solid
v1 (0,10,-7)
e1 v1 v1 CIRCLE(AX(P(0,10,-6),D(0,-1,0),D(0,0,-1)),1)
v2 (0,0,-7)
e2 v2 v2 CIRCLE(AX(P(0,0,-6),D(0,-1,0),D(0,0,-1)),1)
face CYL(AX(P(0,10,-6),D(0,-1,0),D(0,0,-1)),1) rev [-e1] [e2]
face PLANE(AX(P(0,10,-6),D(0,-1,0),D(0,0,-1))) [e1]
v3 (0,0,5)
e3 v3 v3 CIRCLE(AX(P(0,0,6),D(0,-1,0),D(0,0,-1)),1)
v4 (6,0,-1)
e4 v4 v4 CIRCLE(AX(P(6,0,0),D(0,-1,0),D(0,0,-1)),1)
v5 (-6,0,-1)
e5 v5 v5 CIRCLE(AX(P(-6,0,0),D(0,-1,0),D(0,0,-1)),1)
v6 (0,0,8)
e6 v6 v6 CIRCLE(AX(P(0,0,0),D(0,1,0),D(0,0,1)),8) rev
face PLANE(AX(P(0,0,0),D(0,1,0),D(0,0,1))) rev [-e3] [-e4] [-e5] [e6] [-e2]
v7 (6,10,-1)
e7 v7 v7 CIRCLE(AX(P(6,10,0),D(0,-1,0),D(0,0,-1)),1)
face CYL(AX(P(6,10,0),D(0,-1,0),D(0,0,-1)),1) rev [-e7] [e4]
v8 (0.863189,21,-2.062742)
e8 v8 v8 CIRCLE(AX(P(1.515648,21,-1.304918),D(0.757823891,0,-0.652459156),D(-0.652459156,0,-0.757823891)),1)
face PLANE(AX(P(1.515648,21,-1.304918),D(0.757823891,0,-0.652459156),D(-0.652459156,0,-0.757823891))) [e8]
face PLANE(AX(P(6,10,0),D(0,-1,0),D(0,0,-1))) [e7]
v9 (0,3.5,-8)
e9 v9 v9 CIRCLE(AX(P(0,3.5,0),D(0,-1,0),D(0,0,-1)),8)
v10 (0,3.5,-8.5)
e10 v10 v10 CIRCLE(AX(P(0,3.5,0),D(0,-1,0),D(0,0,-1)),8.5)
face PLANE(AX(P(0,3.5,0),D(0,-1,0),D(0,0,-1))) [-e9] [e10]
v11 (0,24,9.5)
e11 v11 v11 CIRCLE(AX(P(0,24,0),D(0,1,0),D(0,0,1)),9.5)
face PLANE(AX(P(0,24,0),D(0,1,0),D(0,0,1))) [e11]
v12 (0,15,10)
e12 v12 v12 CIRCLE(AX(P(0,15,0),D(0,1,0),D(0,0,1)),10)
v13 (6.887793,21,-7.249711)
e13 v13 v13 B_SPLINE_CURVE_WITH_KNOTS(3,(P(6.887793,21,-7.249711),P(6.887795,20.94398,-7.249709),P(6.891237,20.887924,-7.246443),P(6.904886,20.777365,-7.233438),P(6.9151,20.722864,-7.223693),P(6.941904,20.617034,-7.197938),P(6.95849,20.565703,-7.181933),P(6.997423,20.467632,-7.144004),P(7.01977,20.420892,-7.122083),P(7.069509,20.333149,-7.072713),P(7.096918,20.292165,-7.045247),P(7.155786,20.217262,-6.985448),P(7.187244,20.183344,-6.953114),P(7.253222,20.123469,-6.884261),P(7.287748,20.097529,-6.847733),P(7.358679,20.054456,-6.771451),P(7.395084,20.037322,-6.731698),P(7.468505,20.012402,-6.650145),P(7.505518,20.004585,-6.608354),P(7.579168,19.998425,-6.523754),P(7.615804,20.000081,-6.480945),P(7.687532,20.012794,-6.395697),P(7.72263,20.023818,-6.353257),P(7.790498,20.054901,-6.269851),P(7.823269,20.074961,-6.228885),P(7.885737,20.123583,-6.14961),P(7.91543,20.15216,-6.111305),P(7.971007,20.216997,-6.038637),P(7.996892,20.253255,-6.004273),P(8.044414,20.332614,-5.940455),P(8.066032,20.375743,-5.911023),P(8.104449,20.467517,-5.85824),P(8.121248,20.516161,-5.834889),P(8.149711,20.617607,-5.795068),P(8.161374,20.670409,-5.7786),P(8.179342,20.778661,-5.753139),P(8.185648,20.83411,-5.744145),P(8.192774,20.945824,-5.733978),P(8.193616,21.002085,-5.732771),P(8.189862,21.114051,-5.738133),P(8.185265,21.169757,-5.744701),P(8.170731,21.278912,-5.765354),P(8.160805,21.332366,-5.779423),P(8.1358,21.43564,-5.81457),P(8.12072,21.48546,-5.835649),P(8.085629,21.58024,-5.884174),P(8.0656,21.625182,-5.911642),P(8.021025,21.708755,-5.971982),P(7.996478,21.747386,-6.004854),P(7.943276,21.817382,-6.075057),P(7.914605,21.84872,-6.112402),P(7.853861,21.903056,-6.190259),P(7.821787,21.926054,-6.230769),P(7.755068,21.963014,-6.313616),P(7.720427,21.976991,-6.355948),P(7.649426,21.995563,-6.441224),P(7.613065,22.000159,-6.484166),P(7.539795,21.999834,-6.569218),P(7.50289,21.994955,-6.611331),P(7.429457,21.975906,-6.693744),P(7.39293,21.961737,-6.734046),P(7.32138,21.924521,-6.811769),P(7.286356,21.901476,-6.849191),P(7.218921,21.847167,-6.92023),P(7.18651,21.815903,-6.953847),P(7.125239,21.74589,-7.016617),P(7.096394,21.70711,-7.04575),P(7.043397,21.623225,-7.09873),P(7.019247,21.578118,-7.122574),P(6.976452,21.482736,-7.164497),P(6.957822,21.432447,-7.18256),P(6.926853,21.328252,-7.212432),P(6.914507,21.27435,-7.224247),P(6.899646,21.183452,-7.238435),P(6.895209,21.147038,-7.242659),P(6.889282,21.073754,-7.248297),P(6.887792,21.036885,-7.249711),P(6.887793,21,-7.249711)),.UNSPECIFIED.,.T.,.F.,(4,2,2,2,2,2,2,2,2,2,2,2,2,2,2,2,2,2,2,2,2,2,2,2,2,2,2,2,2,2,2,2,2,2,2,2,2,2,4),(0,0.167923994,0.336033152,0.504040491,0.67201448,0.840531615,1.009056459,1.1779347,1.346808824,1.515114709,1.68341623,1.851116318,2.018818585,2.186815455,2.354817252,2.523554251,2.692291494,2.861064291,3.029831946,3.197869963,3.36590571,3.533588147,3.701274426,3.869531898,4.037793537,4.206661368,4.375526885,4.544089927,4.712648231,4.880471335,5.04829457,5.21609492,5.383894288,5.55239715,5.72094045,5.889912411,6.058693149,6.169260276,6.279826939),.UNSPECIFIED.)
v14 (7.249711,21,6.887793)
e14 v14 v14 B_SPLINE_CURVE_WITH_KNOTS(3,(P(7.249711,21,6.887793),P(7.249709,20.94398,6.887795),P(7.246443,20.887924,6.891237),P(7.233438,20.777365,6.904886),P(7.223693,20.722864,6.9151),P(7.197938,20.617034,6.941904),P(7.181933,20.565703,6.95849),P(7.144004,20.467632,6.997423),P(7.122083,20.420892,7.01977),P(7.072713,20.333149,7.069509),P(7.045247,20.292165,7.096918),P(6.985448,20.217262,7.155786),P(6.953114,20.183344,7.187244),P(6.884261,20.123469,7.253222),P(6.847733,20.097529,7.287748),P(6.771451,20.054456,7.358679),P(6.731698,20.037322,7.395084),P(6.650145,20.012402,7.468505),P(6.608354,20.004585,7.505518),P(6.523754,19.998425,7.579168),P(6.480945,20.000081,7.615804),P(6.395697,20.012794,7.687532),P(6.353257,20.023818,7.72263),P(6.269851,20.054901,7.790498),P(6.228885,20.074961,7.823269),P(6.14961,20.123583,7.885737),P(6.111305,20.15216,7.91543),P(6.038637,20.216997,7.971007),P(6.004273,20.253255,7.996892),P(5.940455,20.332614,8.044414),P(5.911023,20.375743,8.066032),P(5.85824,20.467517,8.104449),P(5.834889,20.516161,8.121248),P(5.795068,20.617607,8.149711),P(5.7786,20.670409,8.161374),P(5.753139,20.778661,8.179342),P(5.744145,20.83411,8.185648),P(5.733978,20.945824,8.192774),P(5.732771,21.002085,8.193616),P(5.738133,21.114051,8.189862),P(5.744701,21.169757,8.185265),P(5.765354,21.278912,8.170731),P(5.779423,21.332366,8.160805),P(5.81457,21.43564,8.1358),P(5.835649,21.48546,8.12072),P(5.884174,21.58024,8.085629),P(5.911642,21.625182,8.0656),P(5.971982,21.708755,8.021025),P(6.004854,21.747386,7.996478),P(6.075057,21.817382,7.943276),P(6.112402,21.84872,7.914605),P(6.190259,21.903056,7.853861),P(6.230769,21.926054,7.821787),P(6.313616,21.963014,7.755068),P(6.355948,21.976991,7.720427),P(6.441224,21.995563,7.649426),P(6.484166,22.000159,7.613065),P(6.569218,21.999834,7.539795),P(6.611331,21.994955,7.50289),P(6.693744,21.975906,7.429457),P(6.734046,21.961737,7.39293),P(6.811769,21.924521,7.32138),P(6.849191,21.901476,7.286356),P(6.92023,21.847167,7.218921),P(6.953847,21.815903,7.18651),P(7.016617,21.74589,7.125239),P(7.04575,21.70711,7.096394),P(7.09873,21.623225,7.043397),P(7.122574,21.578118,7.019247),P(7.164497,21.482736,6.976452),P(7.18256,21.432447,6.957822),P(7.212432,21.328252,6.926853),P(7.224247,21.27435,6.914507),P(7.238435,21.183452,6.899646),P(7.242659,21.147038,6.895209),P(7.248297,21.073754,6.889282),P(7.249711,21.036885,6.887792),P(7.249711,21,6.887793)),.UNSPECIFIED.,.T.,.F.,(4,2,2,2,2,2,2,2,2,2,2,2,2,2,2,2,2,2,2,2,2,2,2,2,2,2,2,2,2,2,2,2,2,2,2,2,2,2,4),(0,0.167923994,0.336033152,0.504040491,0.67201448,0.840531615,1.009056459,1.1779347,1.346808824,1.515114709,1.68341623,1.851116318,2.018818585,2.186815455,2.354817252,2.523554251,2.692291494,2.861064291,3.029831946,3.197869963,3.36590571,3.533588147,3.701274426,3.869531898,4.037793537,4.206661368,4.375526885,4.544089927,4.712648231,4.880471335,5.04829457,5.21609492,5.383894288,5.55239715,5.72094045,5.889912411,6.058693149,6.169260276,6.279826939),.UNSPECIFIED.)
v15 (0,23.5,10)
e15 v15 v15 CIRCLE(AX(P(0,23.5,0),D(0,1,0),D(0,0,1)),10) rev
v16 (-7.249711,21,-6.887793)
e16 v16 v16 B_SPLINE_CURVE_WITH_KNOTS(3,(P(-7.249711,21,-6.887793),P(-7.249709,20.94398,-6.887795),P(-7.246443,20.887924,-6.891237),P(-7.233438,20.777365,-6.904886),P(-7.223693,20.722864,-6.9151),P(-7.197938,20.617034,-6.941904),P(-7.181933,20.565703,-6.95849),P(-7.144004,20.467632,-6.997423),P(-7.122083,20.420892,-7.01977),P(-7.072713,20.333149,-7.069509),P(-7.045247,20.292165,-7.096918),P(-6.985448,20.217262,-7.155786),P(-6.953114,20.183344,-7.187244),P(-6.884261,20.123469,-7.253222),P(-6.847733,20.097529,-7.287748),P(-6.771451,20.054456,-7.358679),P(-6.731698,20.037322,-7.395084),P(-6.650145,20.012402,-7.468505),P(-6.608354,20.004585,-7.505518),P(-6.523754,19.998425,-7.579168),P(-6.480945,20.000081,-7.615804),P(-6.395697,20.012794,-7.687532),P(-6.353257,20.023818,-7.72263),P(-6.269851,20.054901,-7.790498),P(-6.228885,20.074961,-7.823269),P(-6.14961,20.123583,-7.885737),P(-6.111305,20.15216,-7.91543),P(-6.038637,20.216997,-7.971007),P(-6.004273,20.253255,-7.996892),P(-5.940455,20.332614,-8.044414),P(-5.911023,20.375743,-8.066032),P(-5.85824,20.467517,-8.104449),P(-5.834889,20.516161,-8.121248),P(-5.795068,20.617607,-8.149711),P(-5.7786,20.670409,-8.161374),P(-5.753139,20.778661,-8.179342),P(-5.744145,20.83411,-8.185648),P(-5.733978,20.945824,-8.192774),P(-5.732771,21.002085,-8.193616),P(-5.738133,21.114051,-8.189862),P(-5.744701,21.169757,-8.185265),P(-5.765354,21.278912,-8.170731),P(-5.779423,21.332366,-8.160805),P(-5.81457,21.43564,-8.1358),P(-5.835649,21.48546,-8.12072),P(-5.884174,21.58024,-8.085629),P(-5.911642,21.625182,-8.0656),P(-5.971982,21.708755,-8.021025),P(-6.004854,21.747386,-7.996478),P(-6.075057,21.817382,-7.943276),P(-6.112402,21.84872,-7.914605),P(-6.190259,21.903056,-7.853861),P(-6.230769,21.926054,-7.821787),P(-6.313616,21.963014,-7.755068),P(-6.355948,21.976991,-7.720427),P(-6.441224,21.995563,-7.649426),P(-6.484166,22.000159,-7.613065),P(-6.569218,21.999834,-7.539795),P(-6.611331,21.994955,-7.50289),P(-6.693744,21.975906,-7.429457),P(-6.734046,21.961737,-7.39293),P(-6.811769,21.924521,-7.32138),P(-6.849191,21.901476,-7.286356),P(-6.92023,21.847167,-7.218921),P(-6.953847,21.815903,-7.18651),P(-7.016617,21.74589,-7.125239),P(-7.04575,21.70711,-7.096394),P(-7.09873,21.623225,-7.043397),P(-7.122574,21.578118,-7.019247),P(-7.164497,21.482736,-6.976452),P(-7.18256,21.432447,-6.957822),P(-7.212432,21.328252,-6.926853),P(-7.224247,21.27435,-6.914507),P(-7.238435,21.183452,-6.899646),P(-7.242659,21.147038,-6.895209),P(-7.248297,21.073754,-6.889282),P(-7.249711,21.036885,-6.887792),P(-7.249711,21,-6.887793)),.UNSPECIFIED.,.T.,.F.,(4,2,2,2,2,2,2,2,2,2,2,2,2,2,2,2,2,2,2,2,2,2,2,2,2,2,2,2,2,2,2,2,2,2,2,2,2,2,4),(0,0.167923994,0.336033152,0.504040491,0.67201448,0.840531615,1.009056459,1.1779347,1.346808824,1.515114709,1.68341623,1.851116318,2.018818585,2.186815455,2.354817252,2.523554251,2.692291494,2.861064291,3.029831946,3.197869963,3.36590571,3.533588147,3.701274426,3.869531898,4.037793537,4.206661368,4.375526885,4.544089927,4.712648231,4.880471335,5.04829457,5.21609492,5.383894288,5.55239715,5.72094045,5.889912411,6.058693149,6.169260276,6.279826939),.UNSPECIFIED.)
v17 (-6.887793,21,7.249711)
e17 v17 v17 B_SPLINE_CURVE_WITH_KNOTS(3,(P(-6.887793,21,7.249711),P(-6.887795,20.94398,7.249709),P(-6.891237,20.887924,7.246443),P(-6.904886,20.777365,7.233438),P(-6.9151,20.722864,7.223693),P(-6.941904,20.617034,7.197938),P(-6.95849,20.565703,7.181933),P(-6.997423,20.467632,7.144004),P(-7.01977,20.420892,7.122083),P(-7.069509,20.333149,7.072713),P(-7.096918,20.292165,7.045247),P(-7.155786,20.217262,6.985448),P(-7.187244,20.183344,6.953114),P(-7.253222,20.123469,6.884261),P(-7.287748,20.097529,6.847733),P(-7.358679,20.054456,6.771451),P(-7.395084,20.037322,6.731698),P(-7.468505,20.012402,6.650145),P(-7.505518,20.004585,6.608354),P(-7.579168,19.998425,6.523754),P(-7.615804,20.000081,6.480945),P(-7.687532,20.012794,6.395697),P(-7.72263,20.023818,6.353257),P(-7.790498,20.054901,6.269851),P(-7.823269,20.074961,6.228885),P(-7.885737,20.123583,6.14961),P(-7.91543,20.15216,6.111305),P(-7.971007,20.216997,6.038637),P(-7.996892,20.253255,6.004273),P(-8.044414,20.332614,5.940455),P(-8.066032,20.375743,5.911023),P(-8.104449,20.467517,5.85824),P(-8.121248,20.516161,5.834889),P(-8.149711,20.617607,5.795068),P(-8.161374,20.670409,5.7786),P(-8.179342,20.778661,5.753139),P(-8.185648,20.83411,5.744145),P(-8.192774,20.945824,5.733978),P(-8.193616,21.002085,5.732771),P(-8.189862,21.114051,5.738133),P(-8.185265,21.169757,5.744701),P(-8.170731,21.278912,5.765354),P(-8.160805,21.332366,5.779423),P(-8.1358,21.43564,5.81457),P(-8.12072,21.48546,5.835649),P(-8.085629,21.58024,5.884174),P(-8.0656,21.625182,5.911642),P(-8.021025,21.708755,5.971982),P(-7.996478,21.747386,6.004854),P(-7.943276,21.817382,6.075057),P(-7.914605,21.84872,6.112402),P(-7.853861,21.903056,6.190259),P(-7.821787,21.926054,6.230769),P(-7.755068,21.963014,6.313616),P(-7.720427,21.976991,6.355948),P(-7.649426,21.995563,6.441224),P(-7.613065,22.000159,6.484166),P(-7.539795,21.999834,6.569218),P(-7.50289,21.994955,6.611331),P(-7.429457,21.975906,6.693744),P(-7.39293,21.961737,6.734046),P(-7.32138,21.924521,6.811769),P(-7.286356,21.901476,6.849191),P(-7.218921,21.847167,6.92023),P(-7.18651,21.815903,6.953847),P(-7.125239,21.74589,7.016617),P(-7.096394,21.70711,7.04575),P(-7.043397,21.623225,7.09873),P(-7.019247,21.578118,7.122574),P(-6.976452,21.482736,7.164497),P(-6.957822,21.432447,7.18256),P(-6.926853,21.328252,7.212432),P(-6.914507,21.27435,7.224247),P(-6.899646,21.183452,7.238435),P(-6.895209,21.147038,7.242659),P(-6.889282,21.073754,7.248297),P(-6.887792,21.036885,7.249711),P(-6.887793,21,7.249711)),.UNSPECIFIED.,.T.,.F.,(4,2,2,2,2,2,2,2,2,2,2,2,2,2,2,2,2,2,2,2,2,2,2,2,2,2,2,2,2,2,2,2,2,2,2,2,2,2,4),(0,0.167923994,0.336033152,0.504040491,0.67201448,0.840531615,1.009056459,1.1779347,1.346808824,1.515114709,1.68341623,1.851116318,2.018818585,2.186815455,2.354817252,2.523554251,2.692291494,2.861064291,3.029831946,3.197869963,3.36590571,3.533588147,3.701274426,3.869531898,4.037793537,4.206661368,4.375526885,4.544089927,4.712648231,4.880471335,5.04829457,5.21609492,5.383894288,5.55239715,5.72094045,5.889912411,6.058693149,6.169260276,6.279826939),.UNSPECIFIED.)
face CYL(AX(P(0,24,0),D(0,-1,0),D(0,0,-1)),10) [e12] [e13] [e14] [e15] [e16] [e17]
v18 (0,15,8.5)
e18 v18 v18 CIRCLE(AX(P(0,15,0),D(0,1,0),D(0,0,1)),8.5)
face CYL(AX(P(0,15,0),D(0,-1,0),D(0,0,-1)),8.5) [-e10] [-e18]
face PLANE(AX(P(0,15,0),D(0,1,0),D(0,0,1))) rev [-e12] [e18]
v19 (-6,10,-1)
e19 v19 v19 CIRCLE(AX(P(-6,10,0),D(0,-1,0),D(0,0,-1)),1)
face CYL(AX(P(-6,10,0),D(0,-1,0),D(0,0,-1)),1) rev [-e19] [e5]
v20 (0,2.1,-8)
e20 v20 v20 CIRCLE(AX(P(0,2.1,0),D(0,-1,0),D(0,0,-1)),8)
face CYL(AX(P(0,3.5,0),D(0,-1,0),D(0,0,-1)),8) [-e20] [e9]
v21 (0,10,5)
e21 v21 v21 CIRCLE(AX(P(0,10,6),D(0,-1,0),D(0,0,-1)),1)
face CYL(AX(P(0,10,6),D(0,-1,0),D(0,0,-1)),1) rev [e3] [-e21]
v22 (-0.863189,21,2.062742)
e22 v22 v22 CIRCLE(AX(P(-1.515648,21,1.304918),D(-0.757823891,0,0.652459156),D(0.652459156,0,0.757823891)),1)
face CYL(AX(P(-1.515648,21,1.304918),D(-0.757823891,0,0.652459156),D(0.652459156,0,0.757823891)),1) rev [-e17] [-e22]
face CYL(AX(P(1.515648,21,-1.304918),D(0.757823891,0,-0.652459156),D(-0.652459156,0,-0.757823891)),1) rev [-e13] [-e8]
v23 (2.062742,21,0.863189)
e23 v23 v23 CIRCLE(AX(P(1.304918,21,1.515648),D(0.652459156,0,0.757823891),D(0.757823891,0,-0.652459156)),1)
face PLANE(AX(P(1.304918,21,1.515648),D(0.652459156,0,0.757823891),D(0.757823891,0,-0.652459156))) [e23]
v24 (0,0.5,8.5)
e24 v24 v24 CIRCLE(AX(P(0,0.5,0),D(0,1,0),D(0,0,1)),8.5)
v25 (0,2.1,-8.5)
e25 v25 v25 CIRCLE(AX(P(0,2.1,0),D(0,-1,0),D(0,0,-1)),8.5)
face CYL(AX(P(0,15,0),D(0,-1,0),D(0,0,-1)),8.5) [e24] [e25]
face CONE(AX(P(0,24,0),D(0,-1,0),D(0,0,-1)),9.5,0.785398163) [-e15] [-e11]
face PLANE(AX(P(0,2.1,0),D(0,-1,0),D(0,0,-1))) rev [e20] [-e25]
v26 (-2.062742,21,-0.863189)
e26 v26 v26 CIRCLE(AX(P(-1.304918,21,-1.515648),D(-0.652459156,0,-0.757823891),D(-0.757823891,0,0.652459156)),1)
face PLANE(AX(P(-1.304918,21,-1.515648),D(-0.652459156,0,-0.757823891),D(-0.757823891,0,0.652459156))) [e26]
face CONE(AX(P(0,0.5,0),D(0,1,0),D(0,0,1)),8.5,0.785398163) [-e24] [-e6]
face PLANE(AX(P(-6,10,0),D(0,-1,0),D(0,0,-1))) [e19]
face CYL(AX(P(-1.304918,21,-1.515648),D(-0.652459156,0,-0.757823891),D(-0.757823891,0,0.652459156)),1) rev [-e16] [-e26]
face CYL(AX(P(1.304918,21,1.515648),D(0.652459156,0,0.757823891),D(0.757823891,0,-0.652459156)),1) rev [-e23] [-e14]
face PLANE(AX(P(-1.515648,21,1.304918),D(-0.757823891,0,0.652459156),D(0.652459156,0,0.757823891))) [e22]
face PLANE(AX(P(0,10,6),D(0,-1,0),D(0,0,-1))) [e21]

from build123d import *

# Parameters (mm, degrees)
SKETCH_1_R               = 8.5
EXTRUDE_1_DEPTH          = 15
SKETCH_2_R               = 10
EXTRUDE_2_DEPTH          = 9
SKETCH_3_R               = 1
CUT_EXTRUDE_1_DEPTH      = 10
CUT_EXTRUDE_START        = -2.1
SKETCH_4_R               = 8.5
SKETCH_4_R_2             = 8
CUT_EXTRUDE_2_DEPTH      = 1.4
CHAMFER_1_SIZE           = 0.5
SKETCH_7_R               = 1
CUT_EXTRUDE_3_DEPTH      = 8
PATTERN_CIRCULAR_1_COUNT = 4


with BuildPart() as part:
    # Эскиз1 → Бобышка-Вытянуть1 (new body)
    with BuildSketch(Plane(origin=(0, 0, 0), x_dir=(1, 0, 0), z_dir=(0, 1, 0))):
        with Locations(Location((0, 0, 0), (0, 0, 270))):
            Circle(SKETCH_1_R)
    extrude(amount=EXTRUDE_1_DEPTH)

    # Эскиз2 → Бобышка-Вытянуть2 (add)
    with BuildSketch(Plane(origin=(0, 15, 0), x_dir=(1, 0, 0), z_dir=(0, 1, 0))):
        with Locations(Location((0, 0, 0), (0, 0, 270))):
            Circle(SKETCH_2_R)
    extrude(amount=EXTRUDE_2_DEPTH)

    # Эскиз3 → Вырез-Вытянуть1 (cut)
    with BuildSketch(Plane.XZ):
        with Locations(Location((0, 6, 0), (0, 0, 270))):
            Circle(SKETCH_3_R)
        with Locations(Location((6, 0, 0), (0, 0, 270))):
            Circle(SKETCH_3_R)
        with Locations(Location((0, -6, 0), (0, 0, 270))):
            Circle(SKETCH_3_R)
        with Locations(Location((-6, 0, 0), (0, 0, 270))):
            Circle(SKETCH_3_R)
    extrude(amount=-CUT_EXTRUDE_1_DEPTH, mode=Mode.SUBTRACT)

    # Эскиз4 → Вырез-Вытянуть2 (cut)
    with BuildSketch(Plane.XZ.offset(CUT_EXTRUDE_START)):
        with Locations(Location((0, 0, 0), (0, 0, 270))):
            Circle(SKETCH_4_R)
        with Locations(Location((0, 0, 0), (0, 0, 270))):
            Circle(SKETCH_4_R_2, mode=Mode.SUBTRACT)
    extrude(amount=-CUT_EXTRUDE_2_DEPTH, mode=Mode.SUBTRACT)

    # Фаска1
    chamfer_1_edges = [part.edges().sort_by_distance(p)[0] for p in [
        (0, 0, -8.5),
        (0, 24, -10),
    ]]
    chamfer(chamfer_1_edges, length=CHAMFER_1_SIZE)

    # Эскиз7 → Вырез-Вытянуть3 (cut)
    with BuildSketch(Plane(origin=(6.524591557, 0, 7.578238913), x_dir=(0.7578238912515232, 0, -0.6524591556935956), z_dir=(0.6524591556935956, 0, 0.7578238912515232))):
        with Locations((0, 21)):
            Circle(SKETCH_7_R)
    cut_extrude_3 = extrude(amount=-CUT_EXTRUDE_3_DEPTH, mode=Mode.SUBTRACT)

    # Круговой массив1: Вырез-Вытянуть3 ×4 about axis
    pattern_circular_1_axis = Axis((0, 0, 0), (0, 1, 0))
    for i in range(1, PATTERN_CIRCULAR_1_COUNT):
        add(cut_extrude_3.rotate(pattern_circular_1_axis, i * 360 / PATTERN_CIRCULAR_1_COUNT), mode=Mode.SUBTRACT)


solid = part.part
